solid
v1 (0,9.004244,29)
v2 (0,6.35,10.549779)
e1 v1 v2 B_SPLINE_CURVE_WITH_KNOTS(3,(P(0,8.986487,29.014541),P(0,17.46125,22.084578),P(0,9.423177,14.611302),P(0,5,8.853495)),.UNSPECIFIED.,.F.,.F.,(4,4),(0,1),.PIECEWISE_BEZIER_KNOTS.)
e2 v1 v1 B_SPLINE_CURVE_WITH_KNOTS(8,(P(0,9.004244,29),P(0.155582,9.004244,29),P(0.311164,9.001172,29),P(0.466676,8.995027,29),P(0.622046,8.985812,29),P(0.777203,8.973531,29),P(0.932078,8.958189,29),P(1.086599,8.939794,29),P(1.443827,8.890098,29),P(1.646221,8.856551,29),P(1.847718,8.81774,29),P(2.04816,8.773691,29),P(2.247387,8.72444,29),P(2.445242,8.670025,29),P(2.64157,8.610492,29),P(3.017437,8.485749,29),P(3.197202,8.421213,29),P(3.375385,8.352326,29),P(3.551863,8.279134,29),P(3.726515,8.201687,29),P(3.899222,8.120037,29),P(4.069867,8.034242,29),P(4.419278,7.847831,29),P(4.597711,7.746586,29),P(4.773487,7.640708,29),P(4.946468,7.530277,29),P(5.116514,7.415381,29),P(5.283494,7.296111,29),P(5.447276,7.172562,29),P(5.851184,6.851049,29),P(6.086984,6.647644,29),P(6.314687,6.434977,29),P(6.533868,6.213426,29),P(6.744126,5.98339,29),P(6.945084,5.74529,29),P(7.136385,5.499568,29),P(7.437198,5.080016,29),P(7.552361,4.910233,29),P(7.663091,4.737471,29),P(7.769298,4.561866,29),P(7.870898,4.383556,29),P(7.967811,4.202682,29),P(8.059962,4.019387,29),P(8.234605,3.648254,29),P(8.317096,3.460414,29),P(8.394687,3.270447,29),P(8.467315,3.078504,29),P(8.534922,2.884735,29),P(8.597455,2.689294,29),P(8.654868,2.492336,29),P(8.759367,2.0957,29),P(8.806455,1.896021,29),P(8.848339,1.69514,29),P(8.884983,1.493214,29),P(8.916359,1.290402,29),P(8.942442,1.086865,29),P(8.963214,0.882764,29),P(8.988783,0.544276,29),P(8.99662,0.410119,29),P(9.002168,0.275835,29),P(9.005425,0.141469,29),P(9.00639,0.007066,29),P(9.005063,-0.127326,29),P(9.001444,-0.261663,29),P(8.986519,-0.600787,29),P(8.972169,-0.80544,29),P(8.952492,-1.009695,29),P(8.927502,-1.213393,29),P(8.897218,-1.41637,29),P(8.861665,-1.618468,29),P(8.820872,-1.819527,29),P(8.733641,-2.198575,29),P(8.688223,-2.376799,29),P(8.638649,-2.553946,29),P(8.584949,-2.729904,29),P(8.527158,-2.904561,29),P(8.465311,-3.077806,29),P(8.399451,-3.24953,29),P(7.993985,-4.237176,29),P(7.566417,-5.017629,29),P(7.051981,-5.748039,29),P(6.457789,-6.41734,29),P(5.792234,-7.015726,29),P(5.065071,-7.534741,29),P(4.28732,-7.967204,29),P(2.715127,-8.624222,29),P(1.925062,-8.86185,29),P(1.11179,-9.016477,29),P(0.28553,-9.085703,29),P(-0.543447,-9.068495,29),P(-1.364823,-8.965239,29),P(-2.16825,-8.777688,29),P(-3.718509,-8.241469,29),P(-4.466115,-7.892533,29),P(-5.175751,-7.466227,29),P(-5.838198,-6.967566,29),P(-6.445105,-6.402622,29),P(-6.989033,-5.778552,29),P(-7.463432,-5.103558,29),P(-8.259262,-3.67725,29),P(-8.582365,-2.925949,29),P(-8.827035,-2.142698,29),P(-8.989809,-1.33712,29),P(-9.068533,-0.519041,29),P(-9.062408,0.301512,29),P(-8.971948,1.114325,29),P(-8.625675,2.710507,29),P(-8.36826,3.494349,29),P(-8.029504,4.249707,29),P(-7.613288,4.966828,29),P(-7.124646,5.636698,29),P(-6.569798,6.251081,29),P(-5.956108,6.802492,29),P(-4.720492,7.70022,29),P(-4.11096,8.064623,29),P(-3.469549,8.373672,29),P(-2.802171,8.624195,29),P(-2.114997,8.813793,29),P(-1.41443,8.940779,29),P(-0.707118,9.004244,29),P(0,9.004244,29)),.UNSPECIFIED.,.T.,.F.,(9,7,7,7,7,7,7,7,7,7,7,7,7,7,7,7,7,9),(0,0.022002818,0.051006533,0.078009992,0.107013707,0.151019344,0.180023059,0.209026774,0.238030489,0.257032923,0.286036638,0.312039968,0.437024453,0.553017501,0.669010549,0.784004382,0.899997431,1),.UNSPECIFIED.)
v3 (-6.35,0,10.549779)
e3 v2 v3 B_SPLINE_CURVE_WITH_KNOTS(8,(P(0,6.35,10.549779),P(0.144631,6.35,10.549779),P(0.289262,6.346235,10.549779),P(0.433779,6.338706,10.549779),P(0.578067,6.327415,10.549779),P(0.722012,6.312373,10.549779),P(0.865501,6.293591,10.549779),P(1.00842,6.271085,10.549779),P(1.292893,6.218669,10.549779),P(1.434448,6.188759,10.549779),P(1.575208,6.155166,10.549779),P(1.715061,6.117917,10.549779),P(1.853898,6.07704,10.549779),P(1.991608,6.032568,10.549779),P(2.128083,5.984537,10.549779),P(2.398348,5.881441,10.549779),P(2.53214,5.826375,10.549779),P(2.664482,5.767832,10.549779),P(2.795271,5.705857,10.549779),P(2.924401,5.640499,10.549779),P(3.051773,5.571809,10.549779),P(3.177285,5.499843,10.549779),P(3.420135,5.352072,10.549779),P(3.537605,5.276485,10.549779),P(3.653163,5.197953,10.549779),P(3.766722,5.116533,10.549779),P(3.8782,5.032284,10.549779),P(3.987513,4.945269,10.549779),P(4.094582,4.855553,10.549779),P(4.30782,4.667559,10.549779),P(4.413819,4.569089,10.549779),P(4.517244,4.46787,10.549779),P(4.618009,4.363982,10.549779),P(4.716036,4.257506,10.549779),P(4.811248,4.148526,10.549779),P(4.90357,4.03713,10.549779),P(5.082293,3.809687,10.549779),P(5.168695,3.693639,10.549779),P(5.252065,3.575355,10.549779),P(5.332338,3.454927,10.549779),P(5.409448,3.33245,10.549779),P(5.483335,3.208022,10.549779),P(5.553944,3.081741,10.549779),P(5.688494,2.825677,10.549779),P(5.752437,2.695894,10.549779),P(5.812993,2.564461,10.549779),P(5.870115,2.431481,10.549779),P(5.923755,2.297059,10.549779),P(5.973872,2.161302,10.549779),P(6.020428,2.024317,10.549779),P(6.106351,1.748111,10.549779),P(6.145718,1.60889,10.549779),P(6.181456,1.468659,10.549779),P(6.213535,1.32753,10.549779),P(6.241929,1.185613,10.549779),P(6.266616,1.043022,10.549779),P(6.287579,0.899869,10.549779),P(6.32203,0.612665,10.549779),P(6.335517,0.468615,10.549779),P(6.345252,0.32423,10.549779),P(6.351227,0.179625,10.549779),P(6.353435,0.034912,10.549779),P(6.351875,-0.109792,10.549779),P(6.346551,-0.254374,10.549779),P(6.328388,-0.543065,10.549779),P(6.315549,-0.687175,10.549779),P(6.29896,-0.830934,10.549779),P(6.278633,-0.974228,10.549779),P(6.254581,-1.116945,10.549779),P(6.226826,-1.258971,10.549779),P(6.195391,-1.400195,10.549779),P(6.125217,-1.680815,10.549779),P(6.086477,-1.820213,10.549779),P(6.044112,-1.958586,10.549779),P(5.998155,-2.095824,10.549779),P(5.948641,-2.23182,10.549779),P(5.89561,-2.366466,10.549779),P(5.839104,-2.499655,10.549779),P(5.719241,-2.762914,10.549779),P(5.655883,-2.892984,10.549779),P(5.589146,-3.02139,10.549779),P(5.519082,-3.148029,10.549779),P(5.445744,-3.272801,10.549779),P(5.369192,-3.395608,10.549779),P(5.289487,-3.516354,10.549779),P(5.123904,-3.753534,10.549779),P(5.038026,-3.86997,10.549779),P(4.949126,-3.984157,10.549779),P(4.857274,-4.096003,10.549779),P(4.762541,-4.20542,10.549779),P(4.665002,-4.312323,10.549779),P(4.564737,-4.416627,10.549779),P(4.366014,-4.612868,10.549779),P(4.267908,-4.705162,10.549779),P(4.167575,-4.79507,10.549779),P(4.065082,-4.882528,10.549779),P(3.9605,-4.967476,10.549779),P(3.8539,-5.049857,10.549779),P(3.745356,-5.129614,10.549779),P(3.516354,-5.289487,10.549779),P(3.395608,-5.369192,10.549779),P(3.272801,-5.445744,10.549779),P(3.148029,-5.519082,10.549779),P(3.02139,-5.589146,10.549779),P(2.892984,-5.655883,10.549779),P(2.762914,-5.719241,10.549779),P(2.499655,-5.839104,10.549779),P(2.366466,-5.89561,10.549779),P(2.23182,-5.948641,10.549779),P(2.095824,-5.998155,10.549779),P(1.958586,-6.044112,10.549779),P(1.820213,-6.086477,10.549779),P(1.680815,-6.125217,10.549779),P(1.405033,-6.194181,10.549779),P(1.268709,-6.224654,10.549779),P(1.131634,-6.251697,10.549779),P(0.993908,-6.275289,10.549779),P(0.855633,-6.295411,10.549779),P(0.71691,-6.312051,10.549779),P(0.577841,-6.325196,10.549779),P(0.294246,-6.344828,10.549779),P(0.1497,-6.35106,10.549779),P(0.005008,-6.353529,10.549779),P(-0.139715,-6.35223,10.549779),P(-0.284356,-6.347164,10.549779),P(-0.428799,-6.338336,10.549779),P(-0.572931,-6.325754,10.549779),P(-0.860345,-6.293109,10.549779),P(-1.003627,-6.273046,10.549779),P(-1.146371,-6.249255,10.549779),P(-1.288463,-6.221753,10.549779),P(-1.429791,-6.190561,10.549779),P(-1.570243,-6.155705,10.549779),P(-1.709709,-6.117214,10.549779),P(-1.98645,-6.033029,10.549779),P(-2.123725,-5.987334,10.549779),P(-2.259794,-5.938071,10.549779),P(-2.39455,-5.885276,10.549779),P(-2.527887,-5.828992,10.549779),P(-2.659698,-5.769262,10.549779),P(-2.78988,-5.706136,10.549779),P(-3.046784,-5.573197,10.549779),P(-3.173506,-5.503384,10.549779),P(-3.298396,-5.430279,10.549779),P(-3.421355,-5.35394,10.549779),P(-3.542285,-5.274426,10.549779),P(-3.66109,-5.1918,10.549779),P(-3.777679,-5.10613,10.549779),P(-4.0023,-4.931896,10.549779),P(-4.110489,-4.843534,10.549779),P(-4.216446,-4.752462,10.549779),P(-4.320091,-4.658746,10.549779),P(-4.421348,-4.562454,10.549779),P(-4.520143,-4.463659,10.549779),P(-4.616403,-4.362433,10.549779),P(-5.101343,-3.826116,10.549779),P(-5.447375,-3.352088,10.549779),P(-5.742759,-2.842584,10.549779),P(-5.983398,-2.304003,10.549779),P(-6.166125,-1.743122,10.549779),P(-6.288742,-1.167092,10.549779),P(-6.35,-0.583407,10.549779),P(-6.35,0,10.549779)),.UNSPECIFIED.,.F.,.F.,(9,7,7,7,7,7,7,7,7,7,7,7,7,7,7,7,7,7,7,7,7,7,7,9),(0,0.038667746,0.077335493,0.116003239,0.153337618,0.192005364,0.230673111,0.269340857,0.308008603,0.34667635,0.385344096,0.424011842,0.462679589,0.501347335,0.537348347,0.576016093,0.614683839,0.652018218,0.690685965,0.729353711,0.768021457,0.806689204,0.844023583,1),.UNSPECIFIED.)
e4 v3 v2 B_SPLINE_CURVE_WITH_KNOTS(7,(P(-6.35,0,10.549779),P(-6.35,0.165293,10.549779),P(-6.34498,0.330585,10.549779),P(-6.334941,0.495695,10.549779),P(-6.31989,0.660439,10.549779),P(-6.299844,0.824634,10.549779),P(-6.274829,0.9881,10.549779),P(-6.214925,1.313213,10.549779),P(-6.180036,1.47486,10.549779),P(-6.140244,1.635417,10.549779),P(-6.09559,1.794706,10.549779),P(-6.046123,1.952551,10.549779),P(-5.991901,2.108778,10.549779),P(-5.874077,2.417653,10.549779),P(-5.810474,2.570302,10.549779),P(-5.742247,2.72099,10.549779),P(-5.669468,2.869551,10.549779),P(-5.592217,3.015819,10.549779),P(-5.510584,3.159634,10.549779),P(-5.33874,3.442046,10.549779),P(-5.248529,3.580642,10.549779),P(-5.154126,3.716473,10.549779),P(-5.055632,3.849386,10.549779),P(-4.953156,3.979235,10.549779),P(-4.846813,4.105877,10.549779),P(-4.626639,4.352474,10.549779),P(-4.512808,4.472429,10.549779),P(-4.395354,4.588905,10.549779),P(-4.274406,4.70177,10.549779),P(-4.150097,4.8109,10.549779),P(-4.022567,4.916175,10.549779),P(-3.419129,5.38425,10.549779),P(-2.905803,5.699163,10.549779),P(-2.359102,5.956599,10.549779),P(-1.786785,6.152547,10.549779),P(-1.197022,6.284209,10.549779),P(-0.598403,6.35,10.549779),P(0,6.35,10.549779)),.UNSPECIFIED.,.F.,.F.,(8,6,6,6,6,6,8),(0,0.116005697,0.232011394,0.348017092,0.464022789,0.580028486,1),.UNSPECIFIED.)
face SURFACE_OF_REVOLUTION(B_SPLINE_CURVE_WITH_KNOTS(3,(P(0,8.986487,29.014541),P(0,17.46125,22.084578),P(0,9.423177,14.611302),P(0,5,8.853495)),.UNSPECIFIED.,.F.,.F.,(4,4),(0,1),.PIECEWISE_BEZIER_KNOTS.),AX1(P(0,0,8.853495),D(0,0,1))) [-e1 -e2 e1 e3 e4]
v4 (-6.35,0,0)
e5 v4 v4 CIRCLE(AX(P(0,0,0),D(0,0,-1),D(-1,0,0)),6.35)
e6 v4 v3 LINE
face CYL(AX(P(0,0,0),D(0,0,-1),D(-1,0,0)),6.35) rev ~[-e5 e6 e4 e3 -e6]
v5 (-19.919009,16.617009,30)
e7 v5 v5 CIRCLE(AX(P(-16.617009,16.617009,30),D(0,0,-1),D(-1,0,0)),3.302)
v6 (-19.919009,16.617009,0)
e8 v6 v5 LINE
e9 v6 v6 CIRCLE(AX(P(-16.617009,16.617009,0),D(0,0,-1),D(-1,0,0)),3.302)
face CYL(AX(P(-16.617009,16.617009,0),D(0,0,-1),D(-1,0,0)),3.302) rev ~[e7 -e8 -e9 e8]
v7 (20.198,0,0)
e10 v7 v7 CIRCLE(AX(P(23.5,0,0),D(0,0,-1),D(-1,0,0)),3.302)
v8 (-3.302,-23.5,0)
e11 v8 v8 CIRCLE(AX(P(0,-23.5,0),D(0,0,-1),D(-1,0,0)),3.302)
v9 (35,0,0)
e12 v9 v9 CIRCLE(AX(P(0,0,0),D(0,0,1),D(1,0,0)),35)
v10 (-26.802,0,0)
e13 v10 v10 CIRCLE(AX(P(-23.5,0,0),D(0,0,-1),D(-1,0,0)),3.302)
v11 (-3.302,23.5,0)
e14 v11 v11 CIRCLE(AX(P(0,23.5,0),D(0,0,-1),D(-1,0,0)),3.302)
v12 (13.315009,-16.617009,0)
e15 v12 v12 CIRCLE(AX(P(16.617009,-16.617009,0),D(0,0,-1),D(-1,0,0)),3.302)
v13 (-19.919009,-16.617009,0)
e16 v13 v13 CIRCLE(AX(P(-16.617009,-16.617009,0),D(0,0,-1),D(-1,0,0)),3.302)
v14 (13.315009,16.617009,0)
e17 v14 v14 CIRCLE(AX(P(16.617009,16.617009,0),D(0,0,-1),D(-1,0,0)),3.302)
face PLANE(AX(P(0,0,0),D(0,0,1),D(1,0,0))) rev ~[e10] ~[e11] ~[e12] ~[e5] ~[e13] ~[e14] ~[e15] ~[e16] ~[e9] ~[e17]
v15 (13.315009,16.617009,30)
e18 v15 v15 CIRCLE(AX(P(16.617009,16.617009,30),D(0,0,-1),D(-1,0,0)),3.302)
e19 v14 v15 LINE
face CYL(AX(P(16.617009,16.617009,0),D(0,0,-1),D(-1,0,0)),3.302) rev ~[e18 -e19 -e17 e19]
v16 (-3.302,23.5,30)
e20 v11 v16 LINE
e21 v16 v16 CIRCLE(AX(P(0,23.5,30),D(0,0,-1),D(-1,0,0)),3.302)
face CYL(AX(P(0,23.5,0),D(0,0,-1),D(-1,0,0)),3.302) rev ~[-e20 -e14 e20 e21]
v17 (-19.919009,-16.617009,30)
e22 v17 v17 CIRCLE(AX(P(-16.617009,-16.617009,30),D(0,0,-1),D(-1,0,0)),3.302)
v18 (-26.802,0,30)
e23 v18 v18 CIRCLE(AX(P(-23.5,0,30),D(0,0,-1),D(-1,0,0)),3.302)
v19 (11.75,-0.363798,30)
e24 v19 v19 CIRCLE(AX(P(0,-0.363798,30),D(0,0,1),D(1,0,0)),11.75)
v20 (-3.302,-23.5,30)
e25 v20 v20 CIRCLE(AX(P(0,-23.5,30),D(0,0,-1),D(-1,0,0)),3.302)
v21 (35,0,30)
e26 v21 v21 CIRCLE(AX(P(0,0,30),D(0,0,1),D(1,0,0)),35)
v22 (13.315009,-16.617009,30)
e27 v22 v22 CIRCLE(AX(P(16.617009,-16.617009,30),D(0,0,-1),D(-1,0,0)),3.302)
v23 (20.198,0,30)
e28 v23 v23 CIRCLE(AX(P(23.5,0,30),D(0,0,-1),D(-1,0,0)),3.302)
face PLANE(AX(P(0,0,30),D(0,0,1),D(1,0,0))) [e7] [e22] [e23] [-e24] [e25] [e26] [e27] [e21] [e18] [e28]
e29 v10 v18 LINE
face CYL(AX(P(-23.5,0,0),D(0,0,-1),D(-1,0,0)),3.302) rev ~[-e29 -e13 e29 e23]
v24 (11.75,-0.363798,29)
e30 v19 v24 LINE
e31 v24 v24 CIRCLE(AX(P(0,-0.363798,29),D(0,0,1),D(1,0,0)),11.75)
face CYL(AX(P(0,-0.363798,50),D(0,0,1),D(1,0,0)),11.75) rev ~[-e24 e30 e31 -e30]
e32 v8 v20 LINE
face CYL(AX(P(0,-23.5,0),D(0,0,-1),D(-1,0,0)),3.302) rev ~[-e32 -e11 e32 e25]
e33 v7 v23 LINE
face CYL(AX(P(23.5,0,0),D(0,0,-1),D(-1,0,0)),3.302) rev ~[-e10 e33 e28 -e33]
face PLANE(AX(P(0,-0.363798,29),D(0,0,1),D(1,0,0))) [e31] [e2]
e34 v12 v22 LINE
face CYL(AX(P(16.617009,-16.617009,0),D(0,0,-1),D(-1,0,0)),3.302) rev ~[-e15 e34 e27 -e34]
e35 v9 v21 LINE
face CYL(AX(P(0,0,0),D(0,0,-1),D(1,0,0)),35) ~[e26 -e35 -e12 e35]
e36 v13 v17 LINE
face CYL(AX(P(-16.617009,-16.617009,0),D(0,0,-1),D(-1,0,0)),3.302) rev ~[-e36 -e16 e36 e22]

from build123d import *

# Parameters (mm, degrees)
SKETCH1_R           = 35
BOSS_EXTRUDE1_DEPTH = 50
SKETCH2_R           = 11.75
CUT_EXTRUDE1_DEPTH  = 21
SKETCH3_R           = 9
CUT_EXTRUDE2_DEPTH  = 5
SKETCH6_R           = 6.35
CUT_EXTRUDE3_DEPTH  = 71.356236397
CUT_EXTRUDE4_START  = -20
SKETCH7_R           = 35
CUT_EXTRUDE4_DEPTH  = 20
SKETCH9_R           = 3.302
CUT_EXTRUDE6_DEPTH  = 58.879184514


with BuildPart() as part:
    # Sketch1 → Boss-Extrude1 (new body)
    with BuildSketch(Plane.XY):
        Circle(SKETCH1_R)
    extrude(amount=BOSS_EXTRUDE1_DEPTH)

    # Sketch2 → Cut-Extrude1 (cut)
    with BuildSketch(Plane.XY.offset(50)):
        with Locations((0, -0.363798412)):
            Circle(SKETCH2_R)
    extrude(amount=-CUT_EXTRUDE1_DEPTH, mode=Mode.SUBTRACT)

    # Sketch3 → Cut-Extrude2 (cut)
    with BuildSketch(Plane.XY.offset(29)):
        Circle(SKETCH3_R)
    extrude(amount=-CUT_EXTRUDE2_DEPTH, mode=Mode.SUBTRACT)

    # Sketch4 → Cut-Revolve1 (revolve, cut)
    with BuildSketch(Plane(origin=(0, 0, 0), x_dir=(0, 0, -1), z_dir=(1, 0, 0))):
        with BuildLine():
            Line((-8.85349547, 5), (-8.85349547, 0))
            Line((-8.85349547, 0), (-29.014540537, 0))
            Line((-29.014540537, 0), (-29.014540537, 8.986487334))
            add(Edge.make_bspline(
                [(-29.014540537, 8.986487334), (-22.084577695, 17.461249934), (-14.611301832, 9.423177176), (-8.85349547, 5)],
                knots=[0, 0, 0, 0, 1, 1, 1, 1], degree=3))
        make_face()
    revolve(axis=Axis((0, 0, 8.85349547), (0, 0, 1)), mode=Mode.SUBTRACT)

    # Sketch6 → Cut-Extrude3 (cut, through all)
    with BuildSketch(Plane(origin=(0, 0, 0), x_dir=(-1, 0, 0), z_dir=(0, 0, -1))):
        Circle(SKETCH6_R)
    extrude(amount=-CUT_EXTRUDE3_DEPTH, mode=Mode.SUBTRACT)

    # Sketch7 → Cut-Extrude4 (cut)
    with BuildSketch(Plane.XY.offset(50).offset(CUT_EXTRUDE4_START)):
        Circle(SKETCH7_R)
    extrude(amount=CUT_EXTRUDE4_DEPTH, mode=Mode.SUBTRACT)

    # Sketch9 → Cut-Extrude6 (cut, through all)
    with BuildSketch(Plane(origin=(0, 0, 0), x_dir=(-1, 0, 0), z_dir=(0, 0, -1))):
        with Locations((0, -23.5)):
            Circle(SKETCH9_R)
        with Locations((-16.617009358, -16.617009358)):
            Circle(SKETCH9_R)
        with Locations((-23.5, 0)):
            Circle(SKETCH9_R)
        with Locations((-16.617009358, 16.617009358)):
            Circle(SKETCH9_R)
        with Locations((0, 23.5)):
            Circle(SKETCH9_R)
        with Locations((16.617009358, 16.617009358)):
            Circle(SKETCH9_R)
        with Locations((23.5, 0)):
            Circle(SKETCH9_R)
        with Locations((16.617009358, -16.617009358)):
            Circle(SKETCH9_R)
    extrude(amount=-CUT_EXTRUDE6_DEPTH, mode=Mode.SUBTRACT)


solid = part.part
